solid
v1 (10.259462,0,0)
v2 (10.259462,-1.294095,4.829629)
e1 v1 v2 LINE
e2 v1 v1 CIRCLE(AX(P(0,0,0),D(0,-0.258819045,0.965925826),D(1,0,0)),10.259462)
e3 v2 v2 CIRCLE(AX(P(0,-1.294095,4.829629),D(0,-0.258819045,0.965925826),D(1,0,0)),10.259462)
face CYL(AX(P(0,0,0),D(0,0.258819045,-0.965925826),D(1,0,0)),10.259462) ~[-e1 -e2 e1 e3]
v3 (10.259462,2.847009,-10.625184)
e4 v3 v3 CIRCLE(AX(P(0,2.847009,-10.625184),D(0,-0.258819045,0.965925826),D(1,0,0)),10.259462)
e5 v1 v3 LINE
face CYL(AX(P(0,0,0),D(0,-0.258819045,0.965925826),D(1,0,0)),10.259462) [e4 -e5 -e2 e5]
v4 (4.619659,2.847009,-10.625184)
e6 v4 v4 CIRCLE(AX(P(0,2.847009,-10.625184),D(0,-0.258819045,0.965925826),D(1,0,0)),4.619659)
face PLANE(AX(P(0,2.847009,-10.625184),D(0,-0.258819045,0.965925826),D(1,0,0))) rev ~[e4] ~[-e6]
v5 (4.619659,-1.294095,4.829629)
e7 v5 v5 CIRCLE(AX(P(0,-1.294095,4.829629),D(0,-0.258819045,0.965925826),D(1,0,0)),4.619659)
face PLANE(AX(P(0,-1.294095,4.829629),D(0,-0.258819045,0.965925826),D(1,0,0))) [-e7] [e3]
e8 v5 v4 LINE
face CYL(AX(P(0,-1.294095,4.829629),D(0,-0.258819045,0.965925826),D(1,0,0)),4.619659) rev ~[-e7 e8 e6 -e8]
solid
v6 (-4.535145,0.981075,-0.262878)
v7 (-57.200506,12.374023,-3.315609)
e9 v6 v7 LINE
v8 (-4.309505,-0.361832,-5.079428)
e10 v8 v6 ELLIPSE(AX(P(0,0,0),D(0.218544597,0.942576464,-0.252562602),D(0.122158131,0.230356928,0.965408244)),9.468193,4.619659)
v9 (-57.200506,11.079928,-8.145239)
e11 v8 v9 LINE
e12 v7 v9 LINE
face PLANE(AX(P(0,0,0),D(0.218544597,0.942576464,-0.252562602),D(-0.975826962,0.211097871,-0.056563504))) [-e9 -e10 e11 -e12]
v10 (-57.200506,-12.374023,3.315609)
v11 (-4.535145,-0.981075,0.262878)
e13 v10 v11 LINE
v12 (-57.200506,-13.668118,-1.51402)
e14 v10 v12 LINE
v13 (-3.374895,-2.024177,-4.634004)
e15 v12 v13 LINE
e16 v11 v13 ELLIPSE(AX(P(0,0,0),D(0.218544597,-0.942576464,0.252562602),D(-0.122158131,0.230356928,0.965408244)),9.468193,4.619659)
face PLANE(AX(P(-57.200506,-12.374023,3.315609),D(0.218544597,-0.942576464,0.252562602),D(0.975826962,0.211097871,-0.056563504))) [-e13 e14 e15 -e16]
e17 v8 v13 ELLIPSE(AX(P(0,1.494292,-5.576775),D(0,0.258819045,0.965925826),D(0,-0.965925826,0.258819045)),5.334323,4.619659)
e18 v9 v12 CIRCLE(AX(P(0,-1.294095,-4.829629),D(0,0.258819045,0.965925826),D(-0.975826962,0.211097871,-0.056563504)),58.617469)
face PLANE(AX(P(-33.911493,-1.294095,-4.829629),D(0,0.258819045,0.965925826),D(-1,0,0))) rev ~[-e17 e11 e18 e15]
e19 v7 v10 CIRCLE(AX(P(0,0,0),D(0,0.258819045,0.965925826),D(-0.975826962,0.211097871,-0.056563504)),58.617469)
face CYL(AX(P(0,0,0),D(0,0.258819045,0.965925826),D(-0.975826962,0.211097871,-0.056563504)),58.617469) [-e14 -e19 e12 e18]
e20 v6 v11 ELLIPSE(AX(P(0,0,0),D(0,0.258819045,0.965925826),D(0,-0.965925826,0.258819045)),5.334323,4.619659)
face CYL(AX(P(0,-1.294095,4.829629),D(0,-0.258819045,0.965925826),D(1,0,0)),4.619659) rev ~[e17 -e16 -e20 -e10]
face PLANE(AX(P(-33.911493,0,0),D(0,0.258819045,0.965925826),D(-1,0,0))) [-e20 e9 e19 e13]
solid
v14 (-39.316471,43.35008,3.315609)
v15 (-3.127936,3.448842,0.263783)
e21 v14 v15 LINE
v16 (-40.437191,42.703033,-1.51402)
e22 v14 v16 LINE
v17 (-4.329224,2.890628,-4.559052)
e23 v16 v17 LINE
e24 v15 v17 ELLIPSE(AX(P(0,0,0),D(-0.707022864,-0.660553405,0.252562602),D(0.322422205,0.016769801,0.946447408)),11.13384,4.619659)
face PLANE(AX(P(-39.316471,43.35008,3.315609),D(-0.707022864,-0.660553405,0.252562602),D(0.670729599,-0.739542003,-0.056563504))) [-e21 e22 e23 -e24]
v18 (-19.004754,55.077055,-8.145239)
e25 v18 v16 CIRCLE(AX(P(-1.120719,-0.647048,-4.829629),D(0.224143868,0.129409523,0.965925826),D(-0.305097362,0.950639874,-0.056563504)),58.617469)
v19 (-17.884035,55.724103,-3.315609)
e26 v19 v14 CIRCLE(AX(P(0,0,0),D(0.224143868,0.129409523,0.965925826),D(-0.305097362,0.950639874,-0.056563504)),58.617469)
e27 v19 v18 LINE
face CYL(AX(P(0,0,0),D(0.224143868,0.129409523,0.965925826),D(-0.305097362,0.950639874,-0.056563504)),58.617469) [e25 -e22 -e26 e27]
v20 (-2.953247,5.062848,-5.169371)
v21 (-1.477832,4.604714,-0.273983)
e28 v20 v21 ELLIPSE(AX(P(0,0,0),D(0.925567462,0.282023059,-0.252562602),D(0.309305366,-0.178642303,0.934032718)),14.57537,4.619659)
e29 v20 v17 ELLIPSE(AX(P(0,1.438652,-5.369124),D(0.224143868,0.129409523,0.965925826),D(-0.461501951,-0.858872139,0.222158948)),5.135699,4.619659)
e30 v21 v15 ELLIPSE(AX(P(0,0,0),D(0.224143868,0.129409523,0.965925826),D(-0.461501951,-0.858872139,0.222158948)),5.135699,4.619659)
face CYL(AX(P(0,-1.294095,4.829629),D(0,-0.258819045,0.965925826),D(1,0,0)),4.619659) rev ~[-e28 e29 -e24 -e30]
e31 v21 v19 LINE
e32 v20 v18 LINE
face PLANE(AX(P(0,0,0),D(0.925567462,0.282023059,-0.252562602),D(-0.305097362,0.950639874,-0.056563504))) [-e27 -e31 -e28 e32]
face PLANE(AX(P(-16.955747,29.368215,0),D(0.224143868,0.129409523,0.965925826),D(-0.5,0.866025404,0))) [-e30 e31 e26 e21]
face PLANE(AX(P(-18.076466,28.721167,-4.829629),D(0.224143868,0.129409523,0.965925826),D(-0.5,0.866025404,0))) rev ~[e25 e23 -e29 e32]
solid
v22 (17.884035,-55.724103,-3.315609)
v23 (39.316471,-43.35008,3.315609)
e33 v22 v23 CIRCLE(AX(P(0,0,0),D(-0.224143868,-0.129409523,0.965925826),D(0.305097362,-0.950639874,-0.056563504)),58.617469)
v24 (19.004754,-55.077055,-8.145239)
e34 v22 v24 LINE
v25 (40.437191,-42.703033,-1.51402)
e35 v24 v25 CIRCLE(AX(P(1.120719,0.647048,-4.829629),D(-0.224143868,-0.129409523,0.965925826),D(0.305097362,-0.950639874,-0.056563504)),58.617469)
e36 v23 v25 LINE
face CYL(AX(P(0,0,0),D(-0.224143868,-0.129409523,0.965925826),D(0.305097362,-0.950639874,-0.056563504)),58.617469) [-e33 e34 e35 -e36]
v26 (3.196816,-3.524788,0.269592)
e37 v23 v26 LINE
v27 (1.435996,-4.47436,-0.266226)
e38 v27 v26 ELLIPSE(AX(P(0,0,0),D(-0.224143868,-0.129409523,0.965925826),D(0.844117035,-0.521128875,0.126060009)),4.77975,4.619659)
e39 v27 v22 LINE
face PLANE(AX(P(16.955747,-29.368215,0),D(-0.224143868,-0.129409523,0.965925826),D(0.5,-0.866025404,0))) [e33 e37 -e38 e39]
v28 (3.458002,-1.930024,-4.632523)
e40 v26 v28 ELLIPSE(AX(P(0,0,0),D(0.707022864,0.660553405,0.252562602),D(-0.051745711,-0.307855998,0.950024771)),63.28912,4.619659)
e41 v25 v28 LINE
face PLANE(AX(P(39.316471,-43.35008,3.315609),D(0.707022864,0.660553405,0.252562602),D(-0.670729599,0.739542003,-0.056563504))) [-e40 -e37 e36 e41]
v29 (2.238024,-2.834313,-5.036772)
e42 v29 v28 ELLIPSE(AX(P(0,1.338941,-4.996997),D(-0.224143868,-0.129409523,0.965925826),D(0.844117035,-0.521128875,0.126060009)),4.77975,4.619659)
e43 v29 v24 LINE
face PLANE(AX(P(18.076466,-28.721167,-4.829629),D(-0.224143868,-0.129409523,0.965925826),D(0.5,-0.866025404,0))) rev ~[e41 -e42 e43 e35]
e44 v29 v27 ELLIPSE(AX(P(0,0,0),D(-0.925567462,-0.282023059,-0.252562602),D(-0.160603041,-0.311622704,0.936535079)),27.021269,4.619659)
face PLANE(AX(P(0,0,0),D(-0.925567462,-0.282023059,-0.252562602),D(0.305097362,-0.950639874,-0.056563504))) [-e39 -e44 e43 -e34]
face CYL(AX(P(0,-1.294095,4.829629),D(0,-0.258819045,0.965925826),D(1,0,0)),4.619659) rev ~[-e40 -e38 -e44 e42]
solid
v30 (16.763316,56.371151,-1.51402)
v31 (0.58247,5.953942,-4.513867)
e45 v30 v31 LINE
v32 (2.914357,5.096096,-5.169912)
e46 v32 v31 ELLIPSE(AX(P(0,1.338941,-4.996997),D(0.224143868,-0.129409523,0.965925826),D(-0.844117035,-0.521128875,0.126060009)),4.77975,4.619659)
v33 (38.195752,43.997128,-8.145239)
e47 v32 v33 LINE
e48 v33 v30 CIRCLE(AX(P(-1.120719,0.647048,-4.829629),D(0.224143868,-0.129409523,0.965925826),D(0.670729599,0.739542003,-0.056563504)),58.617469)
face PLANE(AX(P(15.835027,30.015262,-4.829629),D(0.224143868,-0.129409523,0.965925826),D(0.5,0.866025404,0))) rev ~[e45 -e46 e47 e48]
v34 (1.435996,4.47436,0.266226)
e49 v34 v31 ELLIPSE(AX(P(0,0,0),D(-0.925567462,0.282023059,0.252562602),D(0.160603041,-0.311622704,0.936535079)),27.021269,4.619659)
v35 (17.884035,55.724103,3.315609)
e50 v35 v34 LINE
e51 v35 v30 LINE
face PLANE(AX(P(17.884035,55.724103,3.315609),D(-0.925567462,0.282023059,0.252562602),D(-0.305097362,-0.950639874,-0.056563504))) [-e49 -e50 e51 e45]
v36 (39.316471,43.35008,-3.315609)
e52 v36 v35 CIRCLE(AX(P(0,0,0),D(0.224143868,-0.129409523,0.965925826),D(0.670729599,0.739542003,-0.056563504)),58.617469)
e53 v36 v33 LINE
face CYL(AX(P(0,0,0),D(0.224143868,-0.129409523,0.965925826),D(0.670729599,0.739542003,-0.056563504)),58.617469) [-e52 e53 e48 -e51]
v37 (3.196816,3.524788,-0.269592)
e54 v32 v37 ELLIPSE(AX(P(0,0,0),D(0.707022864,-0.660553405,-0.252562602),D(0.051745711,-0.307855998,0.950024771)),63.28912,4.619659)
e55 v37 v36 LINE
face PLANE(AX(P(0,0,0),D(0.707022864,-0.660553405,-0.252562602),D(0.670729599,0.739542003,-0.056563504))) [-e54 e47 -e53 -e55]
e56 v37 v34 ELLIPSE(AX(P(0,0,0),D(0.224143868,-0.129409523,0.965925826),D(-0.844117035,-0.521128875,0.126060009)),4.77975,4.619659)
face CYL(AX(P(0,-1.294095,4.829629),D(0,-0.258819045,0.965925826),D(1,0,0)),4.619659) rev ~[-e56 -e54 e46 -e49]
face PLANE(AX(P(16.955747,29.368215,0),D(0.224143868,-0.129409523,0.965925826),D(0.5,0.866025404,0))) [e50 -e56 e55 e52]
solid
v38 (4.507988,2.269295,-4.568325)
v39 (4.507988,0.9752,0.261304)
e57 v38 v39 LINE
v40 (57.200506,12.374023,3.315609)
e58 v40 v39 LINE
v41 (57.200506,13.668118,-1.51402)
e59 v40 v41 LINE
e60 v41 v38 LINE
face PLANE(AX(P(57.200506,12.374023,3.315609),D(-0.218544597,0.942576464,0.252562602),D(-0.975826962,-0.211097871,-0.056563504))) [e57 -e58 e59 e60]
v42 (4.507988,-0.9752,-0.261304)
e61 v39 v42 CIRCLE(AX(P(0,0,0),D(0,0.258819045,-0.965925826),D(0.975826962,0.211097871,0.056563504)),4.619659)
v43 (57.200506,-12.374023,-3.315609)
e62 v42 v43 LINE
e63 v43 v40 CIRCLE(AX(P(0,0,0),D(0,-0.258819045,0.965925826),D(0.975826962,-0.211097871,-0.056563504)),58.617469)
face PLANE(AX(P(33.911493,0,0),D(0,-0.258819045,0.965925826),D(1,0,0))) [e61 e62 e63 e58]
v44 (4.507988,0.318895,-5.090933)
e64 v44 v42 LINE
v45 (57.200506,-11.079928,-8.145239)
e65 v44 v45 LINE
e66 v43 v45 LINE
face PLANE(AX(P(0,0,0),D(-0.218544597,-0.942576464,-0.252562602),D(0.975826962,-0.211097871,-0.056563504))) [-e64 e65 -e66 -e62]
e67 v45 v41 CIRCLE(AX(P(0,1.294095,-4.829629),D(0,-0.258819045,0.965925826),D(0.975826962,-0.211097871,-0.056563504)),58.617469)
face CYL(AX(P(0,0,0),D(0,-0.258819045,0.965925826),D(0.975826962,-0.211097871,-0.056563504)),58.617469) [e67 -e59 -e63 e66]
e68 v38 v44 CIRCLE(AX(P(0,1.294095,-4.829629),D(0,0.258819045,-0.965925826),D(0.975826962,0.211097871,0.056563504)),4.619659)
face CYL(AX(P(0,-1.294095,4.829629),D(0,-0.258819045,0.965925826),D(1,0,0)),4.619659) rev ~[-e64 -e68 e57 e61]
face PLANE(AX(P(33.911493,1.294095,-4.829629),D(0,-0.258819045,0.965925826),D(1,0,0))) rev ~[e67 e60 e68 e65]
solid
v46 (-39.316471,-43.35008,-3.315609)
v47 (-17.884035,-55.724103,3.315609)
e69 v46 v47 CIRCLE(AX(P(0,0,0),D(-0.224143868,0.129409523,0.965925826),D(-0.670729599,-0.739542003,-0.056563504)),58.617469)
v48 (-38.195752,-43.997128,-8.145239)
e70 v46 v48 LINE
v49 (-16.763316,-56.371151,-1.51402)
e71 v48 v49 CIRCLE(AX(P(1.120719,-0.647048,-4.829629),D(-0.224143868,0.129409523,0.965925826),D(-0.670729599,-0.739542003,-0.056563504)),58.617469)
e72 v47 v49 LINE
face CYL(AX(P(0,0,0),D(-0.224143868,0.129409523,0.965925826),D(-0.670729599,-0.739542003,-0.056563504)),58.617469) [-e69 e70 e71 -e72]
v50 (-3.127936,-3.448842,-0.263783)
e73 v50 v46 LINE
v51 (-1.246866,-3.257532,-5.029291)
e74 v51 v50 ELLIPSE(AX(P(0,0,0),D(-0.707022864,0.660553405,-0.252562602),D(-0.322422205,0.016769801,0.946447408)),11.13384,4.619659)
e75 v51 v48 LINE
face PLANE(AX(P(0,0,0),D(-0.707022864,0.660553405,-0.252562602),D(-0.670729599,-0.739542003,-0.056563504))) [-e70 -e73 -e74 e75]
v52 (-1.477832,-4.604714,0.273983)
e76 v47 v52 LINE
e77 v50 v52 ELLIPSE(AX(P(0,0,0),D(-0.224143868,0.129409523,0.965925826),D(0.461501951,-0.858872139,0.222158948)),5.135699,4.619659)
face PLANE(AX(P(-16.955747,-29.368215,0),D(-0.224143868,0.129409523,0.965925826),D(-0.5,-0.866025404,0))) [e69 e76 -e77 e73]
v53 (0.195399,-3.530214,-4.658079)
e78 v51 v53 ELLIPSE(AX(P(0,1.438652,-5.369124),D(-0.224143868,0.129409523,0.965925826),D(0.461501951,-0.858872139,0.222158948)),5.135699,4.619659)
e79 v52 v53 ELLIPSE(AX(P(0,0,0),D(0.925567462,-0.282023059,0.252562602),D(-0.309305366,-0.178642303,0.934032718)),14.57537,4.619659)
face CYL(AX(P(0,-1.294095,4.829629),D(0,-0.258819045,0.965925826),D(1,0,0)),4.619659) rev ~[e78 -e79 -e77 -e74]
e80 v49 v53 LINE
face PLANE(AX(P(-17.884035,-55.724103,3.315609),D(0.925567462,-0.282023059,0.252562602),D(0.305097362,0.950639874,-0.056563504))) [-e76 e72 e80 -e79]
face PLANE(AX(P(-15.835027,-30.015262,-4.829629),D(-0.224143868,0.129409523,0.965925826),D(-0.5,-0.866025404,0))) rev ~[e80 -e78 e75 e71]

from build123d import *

# Parameters (mm, degrees)
F1_DEPTH       = 5
F3_ANGLE       = 15
F5_COUNT       = 6
F6_R           = 10.2594624762
F7_DEPTH       = 11
F7_DEPTH_BACK  = 5
F8_ANGLE       = 15
F9_R           = 4.6196588687
F10_DEPTH      = 25
F10_DEPTH_BACK = 25


with BuildPart() as f1:
    # F0 (on Top) → F1 (new body)
    with BuildSketch(Plane.XY):
        with BuildLine():
            Line((57.2005063295, 12.8105310723), (0, 0))
            Line((0, 0), (57.2005063295, -12.8105310723))
            ThreePointArc((57.2005063295, -12.8105310723), (58.6174686481, 0), (57.2005063295, 12.8105310723))
        make_face()
    extrude(amount=-F1_DEPTH)


with BuildPart() as f1_1:
    # F3: moved
    add(f1.part.rotate(Axis((29.8989806324, 0, 0), (1, 0, 0)), F3_ANGLE))


with BuildPart() as f5_1:
    # F5: instance of F1
    add(f1_1.part.rotate(Axis((0, 0, -5.2907112986), (0, 0, -1)), 1 * 360 / F5_COUNT))


with BuildPart() as f5_2:
    # F5: instance of F1
    add(f1_1.part.rotate(Axis((0, 0, -5.2907112986), (0, 0, -1)), 2 * 360 / F5_COUNT))


with BuildPart() as f5_3:
    # F5: instance of F1
    add(f1_1.part.rotate(Axis((0, 0, -5.2907112986), (0, 0, -1)), 3 * 360 / F5_COUNT))


with BuildPart() as f5_4:
    # F5: instance of F1
    add(f1_1.part.rotate(Axis((0, 0, -5.2907112986), (0, 0, -1)), 4 * 360 / F5_COUNT))


with BuildPart() as f5_5:
    # F5: instance of F1
    add(f1_1.part.rotate(Axis((0, 0, -5.2907112986), (0, 0, -1)), 5 * 360 / F5_COUNT))


with BuildPart() as f7:
    # F6 (on Top) → F7 (new body, two sides)
    with BuildSketch(Plane.XY) as f7_sk:
        Circle(F6_R)
    extrude(amount=-F7_DEPTH)
    extrude(f7_sk.sketch, amount=F7_DEPTH_BACK)


with BuildPart() as f7_1:
    # F8: moved
    add(f7.part.rotate(Axis((29.8989806324, 0, 0), (1, 0, 0)), F8_ANGLE))


with BuildPart() as f10:
    # F9 (on face) → F10 (new body, two sides)
    with BuildSketch(Plane(origin=(0, -1.2940952255, 4.8296291314), x_dir=(1, 0, 0), z_dir=(0, -0.2588190451, 0.9659258263))) as f10_sk:
        Circle(F9_R)
    extrude(amount=-F10_DEPTH)
    extrude(f10_sk.sketch, amount=F10_DEPTH_BACK)


with BuildPart() as f7_2:
    add(f7_1.part)

    # F11: cut F10
    add(f10.part, mode=Mode.SUBTRACT)


with BuildPart() as f5_4_1:
    add(f5_4.part)

    # F11: cut F10
    add(f10.part, mode=Mode.SUBTRACT)


with BuildPart() as f5_3_1:
    add(f5_3.part)

    # F11: cut F10
    add(f10.part, mode=Mode.SUBTRACT)


with BuildPart() as f5_2_1:
    add(f5_2.part)

    # F11: cut F10
    add(f10.part, mode=Mode.SUBTRACT)


with BuildPart() as f5_1_1:
    add(f5_1.part)

    # F11: cut F10
    add(f10.part, mode=Mode.SUBTRACT)


with BuildPart() as f1_2:
    add(f1_1.part)

    # F11: cut F10
    add(f10.part, mode=Mode.SUBTRACT)


with BuildPart() as f5_5_1:
    add(f5_5.part)

    # F11: cut F10
    add(f10.part, mode=Mode.SUBTRACT)


solid = Compound([f7_2.part, f5_4_1.part, f5_3_1.part, f5_2_1.part, f5_1_1.part, f1_2.part, f5_5_1.part])
